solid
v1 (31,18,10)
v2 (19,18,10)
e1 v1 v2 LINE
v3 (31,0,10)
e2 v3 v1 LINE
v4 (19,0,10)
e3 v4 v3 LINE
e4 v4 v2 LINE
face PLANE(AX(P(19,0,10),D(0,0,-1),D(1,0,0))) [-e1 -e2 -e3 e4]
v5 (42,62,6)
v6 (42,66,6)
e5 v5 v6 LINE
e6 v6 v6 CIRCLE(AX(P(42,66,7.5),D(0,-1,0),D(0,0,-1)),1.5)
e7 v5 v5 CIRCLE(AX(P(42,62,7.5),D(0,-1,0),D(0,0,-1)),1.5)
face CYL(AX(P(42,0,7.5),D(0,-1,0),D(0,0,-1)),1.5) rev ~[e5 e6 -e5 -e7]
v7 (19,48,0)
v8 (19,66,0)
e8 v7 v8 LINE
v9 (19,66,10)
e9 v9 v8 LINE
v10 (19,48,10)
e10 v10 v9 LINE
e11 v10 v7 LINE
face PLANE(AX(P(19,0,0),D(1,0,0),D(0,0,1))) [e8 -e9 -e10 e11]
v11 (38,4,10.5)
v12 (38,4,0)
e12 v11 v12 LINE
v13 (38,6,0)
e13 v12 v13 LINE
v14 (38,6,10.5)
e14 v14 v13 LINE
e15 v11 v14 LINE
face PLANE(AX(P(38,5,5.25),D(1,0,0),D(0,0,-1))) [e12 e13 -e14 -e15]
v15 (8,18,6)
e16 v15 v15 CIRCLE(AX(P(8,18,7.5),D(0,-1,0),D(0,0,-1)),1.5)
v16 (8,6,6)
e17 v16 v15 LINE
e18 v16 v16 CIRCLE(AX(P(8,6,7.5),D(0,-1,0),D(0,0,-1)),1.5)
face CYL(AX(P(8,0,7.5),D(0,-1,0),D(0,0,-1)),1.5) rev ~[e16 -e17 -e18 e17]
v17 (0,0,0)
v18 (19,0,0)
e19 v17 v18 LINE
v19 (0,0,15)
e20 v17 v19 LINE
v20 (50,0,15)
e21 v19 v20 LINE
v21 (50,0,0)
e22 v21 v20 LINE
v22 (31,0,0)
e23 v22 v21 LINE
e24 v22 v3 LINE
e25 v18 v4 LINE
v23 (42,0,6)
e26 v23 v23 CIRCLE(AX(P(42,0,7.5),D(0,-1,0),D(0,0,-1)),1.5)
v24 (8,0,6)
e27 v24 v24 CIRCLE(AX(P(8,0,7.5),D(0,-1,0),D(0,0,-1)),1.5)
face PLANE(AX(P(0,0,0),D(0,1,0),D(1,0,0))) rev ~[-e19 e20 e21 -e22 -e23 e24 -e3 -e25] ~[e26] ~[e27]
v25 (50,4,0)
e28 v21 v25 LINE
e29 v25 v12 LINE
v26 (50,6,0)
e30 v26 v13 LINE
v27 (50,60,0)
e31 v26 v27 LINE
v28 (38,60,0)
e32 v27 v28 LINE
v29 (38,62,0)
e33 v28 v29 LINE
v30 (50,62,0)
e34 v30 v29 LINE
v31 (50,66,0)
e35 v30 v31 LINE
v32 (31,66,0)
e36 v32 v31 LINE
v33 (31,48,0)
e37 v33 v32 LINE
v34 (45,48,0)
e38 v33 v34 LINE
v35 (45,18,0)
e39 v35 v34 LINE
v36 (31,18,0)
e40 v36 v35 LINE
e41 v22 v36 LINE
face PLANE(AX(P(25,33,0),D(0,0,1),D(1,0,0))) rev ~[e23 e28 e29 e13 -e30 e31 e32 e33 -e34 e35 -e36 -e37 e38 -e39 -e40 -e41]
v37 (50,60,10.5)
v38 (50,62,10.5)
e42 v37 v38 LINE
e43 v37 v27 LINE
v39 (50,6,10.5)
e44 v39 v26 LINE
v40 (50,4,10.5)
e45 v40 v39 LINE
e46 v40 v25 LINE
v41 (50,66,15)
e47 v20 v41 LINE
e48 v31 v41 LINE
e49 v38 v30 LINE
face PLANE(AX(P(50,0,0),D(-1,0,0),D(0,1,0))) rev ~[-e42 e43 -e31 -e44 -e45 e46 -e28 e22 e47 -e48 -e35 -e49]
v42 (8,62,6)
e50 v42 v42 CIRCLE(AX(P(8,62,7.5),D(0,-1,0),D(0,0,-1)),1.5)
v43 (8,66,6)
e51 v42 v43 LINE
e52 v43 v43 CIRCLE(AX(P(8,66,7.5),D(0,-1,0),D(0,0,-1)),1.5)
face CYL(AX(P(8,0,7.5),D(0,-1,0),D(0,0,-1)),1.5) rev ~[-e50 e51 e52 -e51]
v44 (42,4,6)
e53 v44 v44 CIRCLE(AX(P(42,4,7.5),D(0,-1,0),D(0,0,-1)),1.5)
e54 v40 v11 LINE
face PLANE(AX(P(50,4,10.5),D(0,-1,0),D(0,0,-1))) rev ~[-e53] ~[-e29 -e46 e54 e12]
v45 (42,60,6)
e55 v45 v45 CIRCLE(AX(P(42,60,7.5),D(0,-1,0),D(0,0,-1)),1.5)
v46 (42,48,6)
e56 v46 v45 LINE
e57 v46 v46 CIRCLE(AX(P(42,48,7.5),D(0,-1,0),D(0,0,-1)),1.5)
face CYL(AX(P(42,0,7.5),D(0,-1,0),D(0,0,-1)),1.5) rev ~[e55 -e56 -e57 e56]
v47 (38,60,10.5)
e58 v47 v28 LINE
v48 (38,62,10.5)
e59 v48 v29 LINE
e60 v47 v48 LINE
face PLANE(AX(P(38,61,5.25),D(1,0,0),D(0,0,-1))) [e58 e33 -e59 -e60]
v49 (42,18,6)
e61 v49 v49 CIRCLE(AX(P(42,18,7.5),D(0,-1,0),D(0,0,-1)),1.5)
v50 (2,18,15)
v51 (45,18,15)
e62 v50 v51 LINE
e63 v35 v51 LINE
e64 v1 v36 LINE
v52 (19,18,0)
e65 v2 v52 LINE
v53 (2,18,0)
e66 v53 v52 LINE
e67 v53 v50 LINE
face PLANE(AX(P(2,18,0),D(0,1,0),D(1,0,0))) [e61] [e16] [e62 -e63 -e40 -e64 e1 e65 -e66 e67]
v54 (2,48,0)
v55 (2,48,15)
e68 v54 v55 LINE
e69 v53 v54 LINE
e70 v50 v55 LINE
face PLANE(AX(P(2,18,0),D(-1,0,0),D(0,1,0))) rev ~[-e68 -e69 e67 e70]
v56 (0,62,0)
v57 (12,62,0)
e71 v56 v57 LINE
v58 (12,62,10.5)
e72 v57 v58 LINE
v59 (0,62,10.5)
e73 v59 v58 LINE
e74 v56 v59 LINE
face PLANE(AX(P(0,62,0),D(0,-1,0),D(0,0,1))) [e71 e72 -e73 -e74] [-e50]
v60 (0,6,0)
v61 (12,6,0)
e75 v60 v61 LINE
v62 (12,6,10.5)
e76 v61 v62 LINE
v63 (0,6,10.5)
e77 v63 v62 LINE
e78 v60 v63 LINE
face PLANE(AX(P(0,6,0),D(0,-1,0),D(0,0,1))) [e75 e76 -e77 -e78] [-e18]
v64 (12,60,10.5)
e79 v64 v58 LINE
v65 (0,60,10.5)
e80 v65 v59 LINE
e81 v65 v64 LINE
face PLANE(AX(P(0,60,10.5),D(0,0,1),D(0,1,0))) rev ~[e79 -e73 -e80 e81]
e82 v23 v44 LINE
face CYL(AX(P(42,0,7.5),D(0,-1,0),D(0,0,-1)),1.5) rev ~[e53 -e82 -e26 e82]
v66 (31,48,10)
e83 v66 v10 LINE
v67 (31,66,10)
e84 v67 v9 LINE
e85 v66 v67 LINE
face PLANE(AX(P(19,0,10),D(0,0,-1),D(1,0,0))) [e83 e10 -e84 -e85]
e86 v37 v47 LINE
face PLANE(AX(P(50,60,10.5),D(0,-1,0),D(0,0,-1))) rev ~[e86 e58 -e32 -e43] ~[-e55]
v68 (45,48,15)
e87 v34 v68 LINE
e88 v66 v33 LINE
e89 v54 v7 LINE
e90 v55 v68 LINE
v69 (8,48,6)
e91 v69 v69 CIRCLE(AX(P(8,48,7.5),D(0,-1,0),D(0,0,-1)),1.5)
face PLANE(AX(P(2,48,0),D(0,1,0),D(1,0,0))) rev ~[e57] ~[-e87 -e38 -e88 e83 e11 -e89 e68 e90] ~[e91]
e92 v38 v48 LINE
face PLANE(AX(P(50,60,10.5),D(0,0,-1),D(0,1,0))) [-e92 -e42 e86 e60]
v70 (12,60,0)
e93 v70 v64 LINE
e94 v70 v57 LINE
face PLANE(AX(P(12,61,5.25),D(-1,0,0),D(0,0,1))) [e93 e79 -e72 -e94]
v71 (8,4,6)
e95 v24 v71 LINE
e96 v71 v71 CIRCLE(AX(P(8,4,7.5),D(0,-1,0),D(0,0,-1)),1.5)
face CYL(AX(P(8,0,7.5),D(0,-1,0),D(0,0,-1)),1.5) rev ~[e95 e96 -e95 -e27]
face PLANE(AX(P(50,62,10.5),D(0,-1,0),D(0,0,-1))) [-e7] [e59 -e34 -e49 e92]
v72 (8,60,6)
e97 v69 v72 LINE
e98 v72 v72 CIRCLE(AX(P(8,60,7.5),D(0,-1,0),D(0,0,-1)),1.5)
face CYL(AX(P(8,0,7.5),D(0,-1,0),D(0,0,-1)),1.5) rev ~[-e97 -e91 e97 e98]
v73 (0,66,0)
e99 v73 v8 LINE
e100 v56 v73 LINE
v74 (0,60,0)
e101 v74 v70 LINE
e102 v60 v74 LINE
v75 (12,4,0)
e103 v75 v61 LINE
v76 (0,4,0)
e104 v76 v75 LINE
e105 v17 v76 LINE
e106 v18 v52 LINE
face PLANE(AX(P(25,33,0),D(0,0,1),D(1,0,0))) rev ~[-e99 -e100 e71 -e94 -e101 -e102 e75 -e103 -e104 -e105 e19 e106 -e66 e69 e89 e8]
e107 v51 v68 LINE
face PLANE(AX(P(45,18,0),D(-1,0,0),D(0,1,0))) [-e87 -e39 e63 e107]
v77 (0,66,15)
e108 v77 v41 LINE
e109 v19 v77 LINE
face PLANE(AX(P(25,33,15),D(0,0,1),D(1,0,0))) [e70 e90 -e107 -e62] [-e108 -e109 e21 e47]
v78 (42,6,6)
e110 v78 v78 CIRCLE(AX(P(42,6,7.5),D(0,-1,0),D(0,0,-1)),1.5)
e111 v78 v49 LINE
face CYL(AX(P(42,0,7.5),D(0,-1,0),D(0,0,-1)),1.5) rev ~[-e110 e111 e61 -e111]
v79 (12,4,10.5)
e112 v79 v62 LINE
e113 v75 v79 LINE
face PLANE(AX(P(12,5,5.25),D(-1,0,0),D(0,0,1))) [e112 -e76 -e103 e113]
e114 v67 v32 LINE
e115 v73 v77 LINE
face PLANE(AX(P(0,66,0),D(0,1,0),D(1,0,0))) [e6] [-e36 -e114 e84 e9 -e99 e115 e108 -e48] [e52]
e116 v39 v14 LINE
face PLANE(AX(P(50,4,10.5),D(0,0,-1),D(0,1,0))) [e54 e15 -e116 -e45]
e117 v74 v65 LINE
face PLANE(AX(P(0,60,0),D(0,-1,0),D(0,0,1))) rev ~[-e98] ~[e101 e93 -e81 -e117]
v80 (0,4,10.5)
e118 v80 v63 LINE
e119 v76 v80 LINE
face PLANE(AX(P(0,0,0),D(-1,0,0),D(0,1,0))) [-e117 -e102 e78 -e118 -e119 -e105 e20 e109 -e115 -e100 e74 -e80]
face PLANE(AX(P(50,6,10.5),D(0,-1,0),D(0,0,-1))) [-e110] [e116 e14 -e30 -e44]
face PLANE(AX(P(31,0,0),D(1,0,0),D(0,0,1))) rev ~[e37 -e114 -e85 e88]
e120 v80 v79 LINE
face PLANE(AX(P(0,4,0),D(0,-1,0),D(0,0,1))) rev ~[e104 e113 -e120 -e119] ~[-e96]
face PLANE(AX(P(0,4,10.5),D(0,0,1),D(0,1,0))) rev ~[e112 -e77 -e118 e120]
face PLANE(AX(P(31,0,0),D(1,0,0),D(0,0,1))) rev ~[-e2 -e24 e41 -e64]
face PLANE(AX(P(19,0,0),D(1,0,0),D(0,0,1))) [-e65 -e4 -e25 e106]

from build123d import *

# Parameters (mm, degrees)
CROQUIS1_W              = 50
CROQUIS1_H              = 66
CROQUIS1_W_2            = 43
CROQUIS1_H_2            = 30
SALIENTE_EXTRUIR1_DEPTH = 15
CROQUIS2_R              = 1.5
CROQUIS2_W              = 12
CROQUIS2_H              = 10
CORTAR_EXTRUIR5_DEPTH   = 67
CROQUIS3_W              = 10.5
CROQUIS3_H              = 2
CORTAR_EXTRUIR2_DEPTH   = 12
CROQUIS5_W              = 10.5
CROQUIS5_H              = 2
CORTAR_EXTRUIR3_DEPTH   = 12


with BuildPart() as part:
    # Croquis1 → Saliente-Extruir1 (new body)
    with BuildSketch(Plane.XY):
        with Locations((25, 33)):
            Rectangle(CROQUIS1_W, CROQUIS1_H)
        with Locations((23.5, 33)):
            Rectangle(CROQUIS1_W_2, CROQUIS1_H_2, mode=Mode.SUBTRACT)
    extrude(amount=SALIENTE_EXTRUIR1_DEPTH)

    # Croquis2 → Cortar-Extruir5 (cut, through all)
    with BuildSketch(Plane.XZ):
        with Locations(Location((42, 7.5, 0), (0, 0, 270))):  # turned: the seam where the file's is
            Circle(CROQUIS2_R)
        with Locations(Location((8, 7.5, 0), (0, 0, 270))):  # turned: the seam where the file's is
            Circle(CROQUIS2_R)
        with Locations((25, 5)):
            Rectangle(CROQUIS2_W, CROQUIS2_H)
    extrude(amount=-CORTAR_EXTRUIR5_DEPTH, mode=Mode.SUBTRACT)

    # Croquis3 → Cortar-Extruir2 (cut)
    with BuildSketch(Plane.ZY):
        with Locations((5.25, 61)):
            Rectangle(CROQUIS3_W, CROQUIS3_H)
        with Locations((5.25, 5)):
            Rectangle(CROQUIS3_W, CROQUIS3_H)
    extrude(amount=-CORTAR_EXTRUIR2_DEPTH, mode=Mode.SUBTRACT)

    # Croquis5 → Cortar-Extruir3 (cut)
    with BuildSketch(Plane(origin=(50, 0, 0), x_dir=(0, 0, -1), z_dir=(1, 0, 0))):
        with Locations((-5.25, 5)):
            Rectangle(CROQUIS5_W, CROQUIS5_H)
        with Locations((-5.25, 61)):
            Rectangle(CROQUIS5_W, CROQUIS5_H)
    extrude(amount=-CORTAR_EXTRUIR3_DEPTH, mode=Mode.SUBTRACT)


solid = part.part
